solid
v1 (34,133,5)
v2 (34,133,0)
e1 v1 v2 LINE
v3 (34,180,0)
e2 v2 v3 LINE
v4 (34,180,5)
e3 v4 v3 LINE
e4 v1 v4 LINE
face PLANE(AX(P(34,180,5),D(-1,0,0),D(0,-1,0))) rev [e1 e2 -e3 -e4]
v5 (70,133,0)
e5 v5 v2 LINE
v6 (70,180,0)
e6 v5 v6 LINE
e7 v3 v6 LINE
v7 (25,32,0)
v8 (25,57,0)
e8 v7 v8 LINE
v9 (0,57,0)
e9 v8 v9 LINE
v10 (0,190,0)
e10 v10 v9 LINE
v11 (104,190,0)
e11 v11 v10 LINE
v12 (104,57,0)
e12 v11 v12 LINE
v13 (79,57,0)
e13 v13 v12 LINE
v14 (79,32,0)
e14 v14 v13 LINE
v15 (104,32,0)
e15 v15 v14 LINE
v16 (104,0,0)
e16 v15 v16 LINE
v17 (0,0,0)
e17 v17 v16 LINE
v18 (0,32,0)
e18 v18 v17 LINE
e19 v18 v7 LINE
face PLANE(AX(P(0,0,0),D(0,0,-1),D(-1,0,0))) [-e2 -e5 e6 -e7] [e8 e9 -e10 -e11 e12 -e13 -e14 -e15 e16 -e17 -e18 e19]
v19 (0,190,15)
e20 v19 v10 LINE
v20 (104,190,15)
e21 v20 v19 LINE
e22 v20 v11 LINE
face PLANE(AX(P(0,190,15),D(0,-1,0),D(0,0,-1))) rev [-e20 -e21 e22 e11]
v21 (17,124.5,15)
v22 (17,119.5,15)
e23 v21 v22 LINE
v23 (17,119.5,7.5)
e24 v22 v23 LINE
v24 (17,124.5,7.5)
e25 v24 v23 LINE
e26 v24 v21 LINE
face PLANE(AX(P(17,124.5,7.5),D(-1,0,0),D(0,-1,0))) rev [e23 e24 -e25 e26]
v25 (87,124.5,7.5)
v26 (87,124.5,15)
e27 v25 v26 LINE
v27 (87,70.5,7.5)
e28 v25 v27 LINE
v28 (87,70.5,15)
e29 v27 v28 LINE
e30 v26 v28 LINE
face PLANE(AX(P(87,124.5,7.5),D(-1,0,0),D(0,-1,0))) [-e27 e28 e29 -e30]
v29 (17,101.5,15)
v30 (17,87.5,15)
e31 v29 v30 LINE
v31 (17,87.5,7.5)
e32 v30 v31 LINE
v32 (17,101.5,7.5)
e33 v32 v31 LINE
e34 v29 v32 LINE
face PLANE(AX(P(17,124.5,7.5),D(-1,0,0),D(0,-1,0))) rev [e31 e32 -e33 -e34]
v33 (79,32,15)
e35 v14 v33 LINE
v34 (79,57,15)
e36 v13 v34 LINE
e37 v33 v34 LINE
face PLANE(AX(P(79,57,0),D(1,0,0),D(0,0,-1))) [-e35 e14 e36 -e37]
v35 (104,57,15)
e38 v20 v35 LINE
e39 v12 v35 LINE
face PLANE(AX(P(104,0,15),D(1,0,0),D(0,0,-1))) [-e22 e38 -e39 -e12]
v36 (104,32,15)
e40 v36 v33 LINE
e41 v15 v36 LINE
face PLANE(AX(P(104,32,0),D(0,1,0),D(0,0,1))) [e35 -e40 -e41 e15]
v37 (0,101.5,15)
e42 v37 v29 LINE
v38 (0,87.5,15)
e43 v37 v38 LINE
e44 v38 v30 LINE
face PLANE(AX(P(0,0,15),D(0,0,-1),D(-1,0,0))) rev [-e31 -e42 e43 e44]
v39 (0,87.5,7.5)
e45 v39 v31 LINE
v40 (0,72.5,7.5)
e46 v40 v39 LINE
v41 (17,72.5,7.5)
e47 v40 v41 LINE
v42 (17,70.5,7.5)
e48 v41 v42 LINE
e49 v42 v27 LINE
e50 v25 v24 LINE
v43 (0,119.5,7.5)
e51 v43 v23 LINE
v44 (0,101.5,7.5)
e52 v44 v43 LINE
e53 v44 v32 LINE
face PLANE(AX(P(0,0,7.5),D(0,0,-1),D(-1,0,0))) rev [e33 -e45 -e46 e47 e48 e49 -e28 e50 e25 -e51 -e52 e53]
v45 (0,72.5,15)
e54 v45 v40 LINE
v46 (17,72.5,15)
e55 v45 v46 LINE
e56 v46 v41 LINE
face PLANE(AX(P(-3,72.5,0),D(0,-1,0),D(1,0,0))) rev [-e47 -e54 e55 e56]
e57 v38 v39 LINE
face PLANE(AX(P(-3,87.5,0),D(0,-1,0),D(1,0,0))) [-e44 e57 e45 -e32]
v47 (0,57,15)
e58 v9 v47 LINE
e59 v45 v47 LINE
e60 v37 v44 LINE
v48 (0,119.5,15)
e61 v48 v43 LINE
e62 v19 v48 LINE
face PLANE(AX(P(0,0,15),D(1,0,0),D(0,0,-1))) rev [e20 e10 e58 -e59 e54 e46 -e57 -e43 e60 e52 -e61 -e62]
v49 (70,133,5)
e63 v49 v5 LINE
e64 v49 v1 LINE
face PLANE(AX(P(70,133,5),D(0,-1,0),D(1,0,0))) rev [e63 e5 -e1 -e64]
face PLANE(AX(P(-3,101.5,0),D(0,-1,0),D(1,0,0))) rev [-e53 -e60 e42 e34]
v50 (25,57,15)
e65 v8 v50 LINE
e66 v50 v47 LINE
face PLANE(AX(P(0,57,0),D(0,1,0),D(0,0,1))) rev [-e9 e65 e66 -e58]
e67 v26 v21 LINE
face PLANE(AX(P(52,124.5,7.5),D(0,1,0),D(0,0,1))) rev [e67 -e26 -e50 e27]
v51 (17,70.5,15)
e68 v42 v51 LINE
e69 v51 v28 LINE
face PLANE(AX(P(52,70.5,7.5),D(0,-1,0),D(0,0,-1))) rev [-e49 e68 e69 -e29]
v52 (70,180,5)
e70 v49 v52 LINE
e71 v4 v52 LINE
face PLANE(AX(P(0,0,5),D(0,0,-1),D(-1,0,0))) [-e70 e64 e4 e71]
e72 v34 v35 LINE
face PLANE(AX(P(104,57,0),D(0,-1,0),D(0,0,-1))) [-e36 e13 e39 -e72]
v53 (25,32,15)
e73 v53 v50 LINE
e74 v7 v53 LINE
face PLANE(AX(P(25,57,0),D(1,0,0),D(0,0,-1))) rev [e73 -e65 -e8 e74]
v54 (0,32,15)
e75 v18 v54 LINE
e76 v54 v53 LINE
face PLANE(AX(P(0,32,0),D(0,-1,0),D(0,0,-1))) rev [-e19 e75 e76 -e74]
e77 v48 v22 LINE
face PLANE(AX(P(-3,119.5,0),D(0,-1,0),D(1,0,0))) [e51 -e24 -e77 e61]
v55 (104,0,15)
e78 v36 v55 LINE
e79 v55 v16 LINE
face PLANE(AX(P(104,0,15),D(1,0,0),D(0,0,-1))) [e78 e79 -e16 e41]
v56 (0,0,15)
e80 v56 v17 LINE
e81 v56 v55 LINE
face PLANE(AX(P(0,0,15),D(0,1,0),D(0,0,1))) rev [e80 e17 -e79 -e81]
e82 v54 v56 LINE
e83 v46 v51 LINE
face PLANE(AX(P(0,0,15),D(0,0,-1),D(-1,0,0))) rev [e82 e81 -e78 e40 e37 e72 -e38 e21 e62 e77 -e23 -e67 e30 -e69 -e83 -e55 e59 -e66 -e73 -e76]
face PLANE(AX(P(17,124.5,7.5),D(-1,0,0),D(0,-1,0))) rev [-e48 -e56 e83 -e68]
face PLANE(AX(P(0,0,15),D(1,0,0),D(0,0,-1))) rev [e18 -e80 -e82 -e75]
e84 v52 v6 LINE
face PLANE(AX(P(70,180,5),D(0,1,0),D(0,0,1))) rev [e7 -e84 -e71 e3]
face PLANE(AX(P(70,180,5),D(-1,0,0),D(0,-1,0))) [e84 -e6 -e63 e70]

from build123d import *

# Parameters (mm, degrees)
SKETCH1_W           = 52
SKETCH1_H           = 190
BOSS_EXTRUDE1_DEPTH = 15
SKETCH2_W           = 35
SKETCH2_H           = 54
CUT_EXTRUDE1_DEPTH  = 7.5
SKETCH4_W           = 36
SKETCH4_H           = 47
CUT_EXTRUDE7_DEPTH  = 5
SKETCH9_W           = 25
SKETCH9_H           = 25
CUT_EXTRUDE8_DEPTH  = 198.557586541
SKETCH5_W           = 7.5
SKETCH5_H           = 18
SKETCH5_H_2         = 15
CUT_EXTRUDE5_DEPTH  = 20


with BuildPart() as part:
    # Sketch1 → Boss-Extrude1 (new body)
    with BuildSketch(Plane.XY):
        with Locations((26, 95)):
            Rectangle(SKETCH1_W, SKETCH1_H)
    boss_extrude1 = extrude(amount=BOSS_EXTRUDE1_DEPTH)

    # Sketch2 → Cut-Extrude1 (cut)
    with BuildSketch(Plane.XY.offset(15)):
        with Locations((34.5, 97.5)):
            Rectangle(SKETCH2_W, SKETCH2_H)
    cut_extrude1 = extrude(amount=-CUT_EXTRUDE1_DEPTH, mode=Mode.SUBTRACT)

    # Sketch4 → Cut-Extrude7 (cut)
    with BuildSketch(Plane(origin=(0, 0, 0), x_dir=(-1, 0, 0), z_dir=(0, 0, -1))):
        with Locations((-52, 156.5)):
            Rectangle(SKETCH4_W, SKETCH4_H)
    cut_extrude7 = extrude(amount=-CUT_EXTRUDE7_DEPTH, mode=Mode.SUBTRACT)

    # Sketch9 → Cut-Extrude8 (cut, through all)
    with BuildSketch(Plane.XY.offset(15)):
        with Locations((12.5, 44.5)):
            Rectangle(SKETCH9_W, SKETCH9_H)
    cut_extrude8 = extrude(amount=-CUT_EXTRUDE8_DEPTH, mode=Mode.SUBTRACT)

    # Sketch5 → Cut-Extrude5 (cut)
    with BuildSketch(Plane(origin=(17, 0, 0), x_dir=(0, 0, -1), z_dir=(1, 0, 0))):
        with Locations((-11.25, 110.5)):
            Rectangle(SKETCH5_W, SKETCH5_H)
        with Locations((-11.25, 80)):
            Rectangle(SKETCH5_W, SKETCH5_H_2)
    extrude(amount=-CUT_EXTRUDE5_DEPTH, mode=Mode.SUBTRACT)

    # Mirror4: Boss-Extrude1, Cut-Extrude1, Cut-Extrude7, Cut-Extrude8 across plane
    add(boss_extrude1.mirror(Plane(origin=(52, 0, 0), x_dir=(0, 0, 1), z_dir=(1, 0, 0))))
    add(cut_extrude1.mirror(Plane(origin=(52, 0, 0), x_dir=(0, 0, 1), z_dir=(1, 0, 0))), mode=Mode.SUBTRACT)
    add(cut_extrude7.mirror(Plane(origin=(52, 0, 0), x_dir=(0, 0, 1), z_dir=(1, 0, 0))), mode=Mode.SUBTRACT)
    add(cut_extrude8.mirror(Plane(origin=(52, 0, 0), x_dir=(0, 0, 1), z_dir=(1, 0, 0))), mode=Mode.SUBTRACT)


solid = part.part
